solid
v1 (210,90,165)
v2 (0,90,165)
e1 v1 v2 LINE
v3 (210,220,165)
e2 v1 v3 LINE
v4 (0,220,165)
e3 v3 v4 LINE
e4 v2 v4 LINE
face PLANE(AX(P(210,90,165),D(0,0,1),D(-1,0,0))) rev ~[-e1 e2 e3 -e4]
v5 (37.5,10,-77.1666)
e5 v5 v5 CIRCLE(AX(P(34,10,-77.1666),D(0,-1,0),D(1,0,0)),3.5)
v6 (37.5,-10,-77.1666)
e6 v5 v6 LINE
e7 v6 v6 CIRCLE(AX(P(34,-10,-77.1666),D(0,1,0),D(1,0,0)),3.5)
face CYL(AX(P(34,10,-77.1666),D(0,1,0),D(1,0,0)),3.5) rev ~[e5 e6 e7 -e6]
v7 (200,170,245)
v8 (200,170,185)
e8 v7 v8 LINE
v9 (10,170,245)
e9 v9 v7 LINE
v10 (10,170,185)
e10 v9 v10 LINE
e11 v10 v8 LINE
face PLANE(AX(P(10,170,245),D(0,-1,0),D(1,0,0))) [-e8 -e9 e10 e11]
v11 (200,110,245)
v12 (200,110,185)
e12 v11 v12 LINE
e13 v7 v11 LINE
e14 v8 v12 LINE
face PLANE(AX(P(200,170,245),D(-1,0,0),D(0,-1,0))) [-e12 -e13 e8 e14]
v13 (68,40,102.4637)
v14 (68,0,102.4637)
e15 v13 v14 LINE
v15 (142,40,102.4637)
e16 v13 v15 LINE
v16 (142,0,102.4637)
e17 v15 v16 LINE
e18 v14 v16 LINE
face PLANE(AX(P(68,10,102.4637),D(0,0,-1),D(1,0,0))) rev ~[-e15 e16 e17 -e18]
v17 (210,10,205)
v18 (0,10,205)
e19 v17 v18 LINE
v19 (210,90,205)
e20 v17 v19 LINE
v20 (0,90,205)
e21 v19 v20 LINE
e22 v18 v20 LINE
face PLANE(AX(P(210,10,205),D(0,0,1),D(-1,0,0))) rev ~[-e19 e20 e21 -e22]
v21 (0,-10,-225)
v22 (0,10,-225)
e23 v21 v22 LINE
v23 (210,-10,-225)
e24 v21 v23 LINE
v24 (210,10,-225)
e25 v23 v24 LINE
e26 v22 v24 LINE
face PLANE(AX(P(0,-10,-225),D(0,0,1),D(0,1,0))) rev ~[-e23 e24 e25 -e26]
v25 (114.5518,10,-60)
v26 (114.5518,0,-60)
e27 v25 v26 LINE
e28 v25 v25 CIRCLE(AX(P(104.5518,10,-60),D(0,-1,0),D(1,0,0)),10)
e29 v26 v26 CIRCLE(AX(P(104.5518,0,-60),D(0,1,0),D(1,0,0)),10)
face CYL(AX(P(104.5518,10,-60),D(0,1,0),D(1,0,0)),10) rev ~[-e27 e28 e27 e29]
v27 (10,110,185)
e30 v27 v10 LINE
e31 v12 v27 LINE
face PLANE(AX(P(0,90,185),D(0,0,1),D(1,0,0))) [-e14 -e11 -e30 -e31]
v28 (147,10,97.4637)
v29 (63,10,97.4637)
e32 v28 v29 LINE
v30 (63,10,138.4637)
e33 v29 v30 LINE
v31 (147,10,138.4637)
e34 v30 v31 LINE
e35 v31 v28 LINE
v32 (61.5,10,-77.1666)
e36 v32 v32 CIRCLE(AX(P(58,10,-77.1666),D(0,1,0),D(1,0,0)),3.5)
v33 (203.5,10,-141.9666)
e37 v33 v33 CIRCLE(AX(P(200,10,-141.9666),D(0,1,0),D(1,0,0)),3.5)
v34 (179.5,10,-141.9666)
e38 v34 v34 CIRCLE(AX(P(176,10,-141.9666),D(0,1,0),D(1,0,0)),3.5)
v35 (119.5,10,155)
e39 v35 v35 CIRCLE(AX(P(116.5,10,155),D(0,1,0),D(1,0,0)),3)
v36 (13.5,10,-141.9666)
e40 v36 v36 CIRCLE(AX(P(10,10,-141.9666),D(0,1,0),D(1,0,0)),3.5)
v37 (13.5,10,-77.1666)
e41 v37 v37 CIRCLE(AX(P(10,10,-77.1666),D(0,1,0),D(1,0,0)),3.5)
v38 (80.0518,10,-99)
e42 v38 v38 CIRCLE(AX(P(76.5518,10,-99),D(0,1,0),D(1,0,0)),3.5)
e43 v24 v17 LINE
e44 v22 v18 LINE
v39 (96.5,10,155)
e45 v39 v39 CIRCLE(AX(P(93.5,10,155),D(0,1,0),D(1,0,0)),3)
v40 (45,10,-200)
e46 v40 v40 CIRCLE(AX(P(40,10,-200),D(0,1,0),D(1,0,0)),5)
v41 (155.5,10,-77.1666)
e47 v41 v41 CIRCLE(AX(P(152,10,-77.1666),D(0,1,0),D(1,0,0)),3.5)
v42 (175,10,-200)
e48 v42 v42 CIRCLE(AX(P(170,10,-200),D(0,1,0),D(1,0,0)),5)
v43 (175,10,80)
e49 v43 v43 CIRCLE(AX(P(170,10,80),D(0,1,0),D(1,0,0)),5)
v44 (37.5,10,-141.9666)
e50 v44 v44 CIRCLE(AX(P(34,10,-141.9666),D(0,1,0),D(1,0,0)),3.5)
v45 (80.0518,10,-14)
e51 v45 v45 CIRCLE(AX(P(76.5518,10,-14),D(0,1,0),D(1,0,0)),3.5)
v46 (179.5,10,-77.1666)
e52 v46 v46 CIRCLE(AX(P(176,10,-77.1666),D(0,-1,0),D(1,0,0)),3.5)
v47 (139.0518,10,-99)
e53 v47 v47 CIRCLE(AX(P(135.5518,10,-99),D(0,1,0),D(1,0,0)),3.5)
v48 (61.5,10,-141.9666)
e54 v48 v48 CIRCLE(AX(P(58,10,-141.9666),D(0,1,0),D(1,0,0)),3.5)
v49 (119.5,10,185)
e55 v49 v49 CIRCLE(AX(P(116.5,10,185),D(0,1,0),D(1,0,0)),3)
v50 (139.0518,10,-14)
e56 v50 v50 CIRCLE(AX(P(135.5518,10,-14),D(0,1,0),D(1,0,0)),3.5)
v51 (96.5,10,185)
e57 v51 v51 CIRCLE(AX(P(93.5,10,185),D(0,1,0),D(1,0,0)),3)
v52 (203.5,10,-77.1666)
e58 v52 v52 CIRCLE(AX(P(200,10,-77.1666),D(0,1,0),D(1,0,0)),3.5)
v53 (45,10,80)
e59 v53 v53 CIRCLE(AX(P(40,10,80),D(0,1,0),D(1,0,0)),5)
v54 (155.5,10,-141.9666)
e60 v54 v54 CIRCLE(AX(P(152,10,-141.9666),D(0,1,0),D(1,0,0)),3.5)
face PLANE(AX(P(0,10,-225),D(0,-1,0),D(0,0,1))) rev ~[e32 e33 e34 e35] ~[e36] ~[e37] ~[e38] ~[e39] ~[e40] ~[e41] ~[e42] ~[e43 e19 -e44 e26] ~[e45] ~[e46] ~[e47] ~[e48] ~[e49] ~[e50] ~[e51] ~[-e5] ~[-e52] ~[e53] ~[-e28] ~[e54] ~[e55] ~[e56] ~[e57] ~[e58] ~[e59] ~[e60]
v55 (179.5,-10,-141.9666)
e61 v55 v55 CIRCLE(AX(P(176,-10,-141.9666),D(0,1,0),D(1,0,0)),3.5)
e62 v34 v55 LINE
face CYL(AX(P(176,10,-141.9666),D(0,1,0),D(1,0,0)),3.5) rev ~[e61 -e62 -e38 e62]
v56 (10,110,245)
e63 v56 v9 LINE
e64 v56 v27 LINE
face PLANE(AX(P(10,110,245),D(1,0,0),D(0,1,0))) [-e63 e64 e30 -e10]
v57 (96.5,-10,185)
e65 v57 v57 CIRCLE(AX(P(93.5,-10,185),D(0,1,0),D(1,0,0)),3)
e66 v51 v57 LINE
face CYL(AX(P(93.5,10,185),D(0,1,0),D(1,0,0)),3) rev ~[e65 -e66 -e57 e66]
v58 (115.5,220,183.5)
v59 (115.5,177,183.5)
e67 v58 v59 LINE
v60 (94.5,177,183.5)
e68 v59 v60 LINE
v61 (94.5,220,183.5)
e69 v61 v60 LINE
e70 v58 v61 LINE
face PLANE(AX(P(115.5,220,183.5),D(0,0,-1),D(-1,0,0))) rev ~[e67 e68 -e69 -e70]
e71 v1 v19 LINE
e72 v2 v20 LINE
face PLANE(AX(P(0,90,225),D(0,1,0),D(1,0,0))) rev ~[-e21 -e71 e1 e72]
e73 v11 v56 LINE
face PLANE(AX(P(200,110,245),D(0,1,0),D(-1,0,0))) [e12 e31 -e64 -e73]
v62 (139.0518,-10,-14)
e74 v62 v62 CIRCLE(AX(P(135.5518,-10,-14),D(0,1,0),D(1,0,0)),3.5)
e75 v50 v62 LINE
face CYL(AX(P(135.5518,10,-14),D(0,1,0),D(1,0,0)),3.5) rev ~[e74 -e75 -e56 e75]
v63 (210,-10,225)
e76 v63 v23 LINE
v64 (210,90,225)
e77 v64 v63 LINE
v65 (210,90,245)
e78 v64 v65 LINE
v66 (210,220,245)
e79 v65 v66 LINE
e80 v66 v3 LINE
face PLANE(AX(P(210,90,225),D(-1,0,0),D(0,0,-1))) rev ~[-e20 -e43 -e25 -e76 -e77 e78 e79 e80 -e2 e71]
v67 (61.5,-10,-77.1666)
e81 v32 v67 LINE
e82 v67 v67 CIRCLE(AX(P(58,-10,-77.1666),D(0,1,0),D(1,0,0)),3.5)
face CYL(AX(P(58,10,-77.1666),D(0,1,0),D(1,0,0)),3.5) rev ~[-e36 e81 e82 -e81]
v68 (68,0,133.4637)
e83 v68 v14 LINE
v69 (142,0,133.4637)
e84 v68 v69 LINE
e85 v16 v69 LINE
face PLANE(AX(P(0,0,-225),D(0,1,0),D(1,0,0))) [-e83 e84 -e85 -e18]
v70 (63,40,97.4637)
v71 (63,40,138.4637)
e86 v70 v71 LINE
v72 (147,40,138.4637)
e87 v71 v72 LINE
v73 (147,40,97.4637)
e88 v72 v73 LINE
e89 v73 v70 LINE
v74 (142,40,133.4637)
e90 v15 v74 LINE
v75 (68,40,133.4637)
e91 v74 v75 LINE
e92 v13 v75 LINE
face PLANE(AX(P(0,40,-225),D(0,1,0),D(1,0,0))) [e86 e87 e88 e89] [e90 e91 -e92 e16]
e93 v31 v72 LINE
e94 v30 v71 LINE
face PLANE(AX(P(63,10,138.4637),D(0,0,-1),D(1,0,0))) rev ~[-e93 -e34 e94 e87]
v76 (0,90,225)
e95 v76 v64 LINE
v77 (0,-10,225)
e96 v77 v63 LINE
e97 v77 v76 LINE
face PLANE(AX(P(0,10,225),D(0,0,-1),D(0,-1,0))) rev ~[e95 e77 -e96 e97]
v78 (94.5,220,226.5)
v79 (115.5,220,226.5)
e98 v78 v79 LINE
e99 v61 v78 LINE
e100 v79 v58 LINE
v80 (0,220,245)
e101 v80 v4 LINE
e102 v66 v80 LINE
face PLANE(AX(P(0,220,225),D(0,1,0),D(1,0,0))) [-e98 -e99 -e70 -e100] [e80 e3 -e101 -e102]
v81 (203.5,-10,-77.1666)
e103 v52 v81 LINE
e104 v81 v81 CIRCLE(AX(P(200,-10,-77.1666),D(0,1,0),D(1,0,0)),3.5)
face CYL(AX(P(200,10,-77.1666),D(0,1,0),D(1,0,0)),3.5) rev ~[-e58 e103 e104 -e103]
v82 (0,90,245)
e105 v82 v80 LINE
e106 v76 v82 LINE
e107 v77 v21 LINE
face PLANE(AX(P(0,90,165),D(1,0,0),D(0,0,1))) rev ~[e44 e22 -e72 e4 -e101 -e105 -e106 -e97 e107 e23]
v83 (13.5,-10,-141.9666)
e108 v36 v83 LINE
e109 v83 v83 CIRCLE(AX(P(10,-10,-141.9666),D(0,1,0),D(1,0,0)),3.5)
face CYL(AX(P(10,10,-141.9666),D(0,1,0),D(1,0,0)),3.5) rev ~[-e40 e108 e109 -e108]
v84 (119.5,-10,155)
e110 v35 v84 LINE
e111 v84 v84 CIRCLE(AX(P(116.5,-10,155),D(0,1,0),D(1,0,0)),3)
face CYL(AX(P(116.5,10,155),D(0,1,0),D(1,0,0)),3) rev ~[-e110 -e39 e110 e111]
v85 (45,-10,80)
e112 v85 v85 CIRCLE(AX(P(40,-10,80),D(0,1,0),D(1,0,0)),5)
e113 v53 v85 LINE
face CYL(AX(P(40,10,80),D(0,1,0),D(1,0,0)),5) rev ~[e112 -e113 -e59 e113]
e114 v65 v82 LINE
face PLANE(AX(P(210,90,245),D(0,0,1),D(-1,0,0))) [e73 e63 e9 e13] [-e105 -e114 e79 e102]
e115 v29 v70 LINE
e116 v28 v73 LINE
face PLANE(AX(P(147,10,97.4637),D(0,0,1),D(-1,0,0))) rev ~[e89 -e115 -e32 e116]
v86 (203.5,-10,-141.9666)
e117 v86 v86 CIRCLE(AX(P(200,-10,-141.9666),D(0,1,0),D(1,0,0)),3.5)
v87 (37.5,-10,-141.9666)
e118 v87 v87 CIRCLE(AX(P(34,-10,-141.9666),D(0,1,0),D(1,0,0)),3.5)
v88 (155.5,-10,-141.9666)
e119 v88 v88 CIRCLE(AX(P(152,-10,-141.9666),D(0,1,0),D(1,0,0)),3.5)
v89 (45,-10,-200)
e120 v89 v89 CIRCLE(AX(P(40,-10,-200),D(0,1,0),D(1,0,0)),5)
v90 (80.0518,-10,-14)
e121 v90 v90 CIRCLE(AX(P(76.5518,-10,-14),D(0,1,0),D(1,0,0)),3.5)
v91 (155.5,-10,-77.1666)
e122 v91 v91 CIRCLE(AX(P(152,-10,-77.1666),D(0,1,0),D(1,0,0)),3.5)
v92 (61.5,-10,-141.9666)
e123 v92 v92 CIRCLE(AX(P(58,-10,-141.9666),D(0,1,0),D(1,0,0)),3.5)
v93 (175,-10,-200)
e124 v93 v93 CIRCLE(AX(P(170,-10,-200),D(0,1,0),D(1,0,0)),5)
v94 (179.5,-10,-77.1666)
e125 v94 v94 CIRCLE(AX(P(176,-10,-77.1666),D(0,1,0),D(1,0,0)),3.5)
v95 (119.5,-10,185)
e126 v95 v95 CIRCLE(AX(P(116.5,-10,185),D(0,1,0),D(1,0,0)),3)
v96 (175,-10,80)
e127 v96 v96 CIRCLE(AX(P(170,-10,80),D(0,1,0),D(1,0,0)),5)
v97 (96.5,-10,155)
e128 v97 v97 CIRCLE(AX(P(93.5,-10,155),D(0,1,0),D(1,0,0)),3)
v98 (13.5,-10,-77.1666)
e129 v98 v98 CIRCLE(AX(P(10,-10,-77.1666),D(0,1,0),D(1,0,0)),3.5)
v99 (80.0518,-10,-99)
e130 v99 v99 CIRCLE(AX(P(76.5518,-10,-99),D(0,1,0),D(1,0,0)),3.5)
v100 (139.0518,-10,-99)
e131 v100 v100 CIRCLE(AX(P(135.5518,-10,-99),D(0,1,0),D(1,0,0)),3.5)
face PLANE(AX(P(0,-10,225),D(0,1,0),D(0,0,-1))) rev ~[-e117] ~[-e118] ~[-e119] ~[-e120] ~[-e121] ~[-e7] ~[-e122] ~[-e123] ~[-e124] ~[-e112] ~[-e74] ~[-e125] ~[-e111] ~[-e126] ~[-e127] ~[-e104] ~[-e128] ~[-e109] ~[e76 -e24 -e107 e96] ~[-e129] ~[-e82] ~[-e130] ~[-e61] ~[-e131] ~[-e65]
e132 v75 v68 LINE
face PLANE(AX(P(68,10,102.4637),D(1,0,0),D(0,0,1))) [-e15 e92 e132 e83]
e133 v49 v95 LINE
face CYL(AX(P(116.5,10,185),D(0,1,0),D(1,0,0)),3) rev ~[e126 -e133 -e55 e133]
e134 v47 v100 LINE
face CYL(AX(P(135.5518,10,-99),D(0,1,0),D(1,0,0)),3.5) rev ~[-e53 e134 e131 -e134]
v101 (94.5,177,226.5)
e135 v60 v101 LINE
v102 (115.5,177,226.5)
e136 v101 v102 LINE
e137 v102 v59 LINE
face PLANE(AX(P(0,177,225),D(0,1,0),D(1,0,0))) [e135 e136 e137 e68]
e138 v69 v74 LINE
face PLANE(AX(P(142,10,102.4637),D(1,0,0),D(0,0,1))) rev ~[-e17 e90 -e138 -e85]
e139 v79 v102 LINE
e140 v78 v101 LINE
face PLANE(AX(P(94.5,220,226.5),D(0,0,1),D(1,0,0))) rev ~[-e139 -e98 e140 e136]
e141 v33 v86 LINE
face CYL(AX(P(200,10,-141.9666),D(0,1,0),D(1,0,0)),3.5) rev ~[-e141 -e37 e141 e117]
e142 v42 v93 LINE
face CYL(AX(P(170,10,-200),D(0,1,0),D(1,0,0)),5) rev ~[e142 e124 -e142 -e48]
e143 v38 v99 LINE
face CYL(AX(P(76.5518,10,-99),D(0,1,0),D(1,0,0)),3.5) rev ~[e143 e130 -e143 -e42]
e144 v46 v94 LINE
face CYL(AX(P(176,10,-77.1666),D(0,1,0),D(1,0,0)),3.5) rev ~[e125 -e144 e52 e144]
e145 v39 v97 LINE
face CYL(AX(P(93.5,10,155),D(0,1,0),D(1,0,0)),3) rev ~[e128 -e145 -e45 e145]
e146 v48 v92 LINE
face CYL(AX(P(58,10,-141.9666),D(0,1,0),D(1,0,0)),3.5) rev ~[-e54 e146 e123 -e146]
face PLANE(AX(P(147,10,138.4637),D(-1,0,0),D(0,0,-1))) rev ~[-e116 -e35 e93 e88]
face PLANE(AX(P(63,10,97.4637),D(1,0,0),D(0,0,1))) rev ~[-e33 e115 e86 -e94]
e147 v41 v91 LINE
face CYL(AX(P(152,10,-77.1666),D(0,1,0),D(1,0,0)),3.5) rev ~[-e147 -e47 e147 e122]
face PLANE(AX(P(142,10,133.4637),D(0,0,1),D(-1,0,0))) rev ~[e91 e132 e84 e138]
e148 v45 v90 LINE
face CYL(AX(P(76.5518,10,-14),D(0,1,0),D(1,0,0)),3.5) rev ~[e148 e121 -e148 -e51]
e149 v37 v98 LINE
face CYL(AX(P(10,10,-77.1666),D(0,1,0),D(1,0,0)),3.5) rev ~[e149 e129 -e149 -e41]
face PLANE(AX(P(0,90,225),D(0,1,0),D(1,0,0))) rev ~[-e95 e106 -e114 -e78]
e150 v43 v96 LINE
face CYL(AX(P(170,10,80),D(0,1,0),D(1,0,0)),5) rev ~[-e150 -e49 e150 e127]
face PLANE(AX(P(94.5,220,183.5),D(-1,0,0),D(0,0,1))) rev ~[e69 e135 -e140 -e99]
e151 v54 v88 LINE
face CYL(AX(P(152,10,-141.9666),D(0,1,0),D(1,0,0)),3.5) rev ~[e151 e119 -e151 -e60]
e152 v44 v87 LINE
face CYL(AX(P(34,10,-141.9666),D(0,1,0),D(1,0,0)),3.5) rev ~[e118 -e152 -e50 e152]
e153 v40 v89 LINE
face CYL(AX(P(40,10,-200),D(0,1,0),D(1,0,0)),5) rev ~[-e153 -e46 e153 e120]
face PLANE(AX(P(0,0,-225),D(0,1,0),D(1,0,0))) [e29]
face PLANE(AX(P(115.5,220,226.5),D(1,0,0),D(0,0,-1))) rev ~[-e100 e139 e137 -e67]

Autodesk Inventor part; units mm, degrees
ref_plane "YZ Plane" through (0, 0, 0) normal (1, 0, 0) x (0, 1, 0)
ref_plane "XZ Plane" through (0, 0, 0) normal (0, 1, 0) x (-1, 0, 0)
ref_plane "XY Plane" through (0, 0, 0) normal (0, 0, 1) x (1, 0, 0)
sketch "Boceto1" plane through (0, 0, 0) normal (1, 0, 0) x (0, 1, 0)
  line L0 (10, 225) -> (-10, 225)
  line L1 (-10, 225) -> (-10, -225)
  line L2 (-10, -225) -> (10, -225)
  line L3 (10, -225) -> (10, 225)
  line L4 (10, 225) -> (-10, -225) construction
  line L5 (-10, 225) -> (10, -225) construction
  point P0 (0, 0)
  dimension "d0" = 20
  dimension "d1" = 450
extrude "Extrusión1" add sketch "Boceto1" along normal blind 210
sketch "Boceto2" plane through (0, 10, 225) normal (0, 1, 0) x (1, 0, 0)
  line L0 (0, 0) -> (0, 450) projected
  line L1 (210, 0) -> (210, 450) projected
  line L2 (0, 0) -> (210, 0)
  line L3 (210, 0) -> (210, 20)
  line L4 (210, 20) -> (0, 20)
  line L5 (0, 20) -> (0, 0)
  point P0 (0, 225)
  dimension "d4" = 20
extrude "Extrusión2" add sketch "Boceto2" along normal blind 80
sketch "Boceto3" plane through (0, 90, 225) normal (0, 1, 0) x (1, 0, 0)
  line L0 (0, 0) -> (210, 0) projected
  line L1 (0, 0) -> (210, 0)
  line L2 (210, 0) -> (210, -20)
  line L3 (210, -20) -> (0, -20)
  line L4 (0, -20) -> (0, 0)
  line L5 (0, 0) -> (210, 0)
  line L6 (210, 0) -> (210, 60)
  line L7 (210, 60) -> (0, 60)
  line L8 (0, 60) -> (0, 0)
  point P0 (0, 225)
  dimension "d7" = 20
  dimension "d8" = 210
  dimension "d9" = 60
extrude "Extrusión3" add sketch "Boceto3" along normal blind 130
sketch "Boceto4" plane through (0, 90, 245) normal (0, 0, 1) x (1, 0, 0)
  line L0 (10, 80) -> (200, 80)
  line L1 (200, 80) -> (200, 20)
  line L2 (200, 20) -> (10, 20)
  line L3 (10, 20) -> (10, 80)
  point P0 (0, -90)
  point P1 (0, 130)
  point P2 (210, 0)
  dimension "d12" = 190
  dimension "d13" = 60
extrude "Extrusión4" cut sketch "Boceto4" against normal blind 60
sketch "Boceto5" plane through (0, 220, 225) normal (0, 1, 0) x (1, 0, 0)
  line L0 (94.5, -1.5) -> (115.5, -1.5)
  line L1 (115.5, -1.5) -> (115.5, 41.5)
  line L2 (115.5, 41.5) -> (94.5, 41.5)
  line L3 (94.5, 41.5) -> (94.5, -1.5)
  line L4 (94.5, -1.5) -> (115.5, 41.5) construction
  line L5 (115.5, -1.5) -> (94.5, 41.5) construction
  point P0 (0, 225)
  point P1 (105, 20)
  dimension "d18" = 21
  dimension "d19" = 43
extrude "Extrusión5" cut sketch "Boceto5" against normal blind 43
sketch "Boceto6" plane through (0, 10, -225) normal (0, 1, 0) x (1, 0, 0)
  circle A0 centre (40, -305) radius 5
  circle A1 centre (40, -25) radius 5
  circle A2 centre (170, -305) radius 5
  circle A3 centre (170, -25) radius 5
  line L0 (0, -470) -> (210, -470) projected
  line L1 (0, 0) -> (210, 0) projected
  line L2 (0, 0) -> (0, -430) projected
  line L3 (210, 0) -> (210, -430) projected
  point P0 (0, -225)
  dimension "d23" = 10
  dimension "d24" = 10
  dimension "d25" = 10
  dimension "d26" = 10
  dimension "d27" = 165
  dimension "d28" = 25
  dimension "d29" = 25
  dimension "d30" = 165
  dimension "d31" = 40
  dimension "d32" = 40
  dimension "d33" = 40
  dimension "d34" = 40
extrude "Extrusión6" cut sketch "Boceto6" against normal blind 43
sketch "Boceto7" plane through (0, 10, -225) normal (0, 1, 0) x (1, 0, 0)
  line L0 (0, 0) -> (210, 0) projected
  line L1 (0, 0) -> (210, 0)
  line L2 (210, 0) -> (105, 0)
  line L3 (210, -390) -> (0, -390) projected
  line L4 (105, -390) -> (105, 0)
  circle A0 centre (40, -305) radius 5 projected
  circle A1 centre (40, -25) radius 5 projected
  line L5 (40, -305) -> (40, -25)
  line L6 (40, -165) -> (169.1036, -165)
  circle A2 centre (104.5518, -165) radius 10
  point P0 (0, -225)
  dimension "d44" = 20
extrude "Extrusión7" cut sketch "Boceto7" against normal blind 10 contours A2 L6 L4 | L4 L6 A2 | L6 A2 L4 | L4 A2 L6
sketch "Boceto8" plane through (0, 10, -225) normal (0, 1, 0) x (1, 0, 0)
  circle A0 centre (104.5518, -165) radius 10 projected
  circle A1 centre (135.5518, -211) radius 3.5
  line L0 (104.5518, -165) -> (126.1125, -165)
  circle A2 centre (135.5518, -126) radius 3.5
  circle A3 centre (76.5518, -126) radius 3.5
  circle A4 centre (76.5518, -211) radius 3.5
  point P0 (0, -225)
  dimension "d51" = 7
  dimension "d52" = 7
  dimension "d54" = 7
extrude "Extrusión8" cut sketch "Boceto8" against normal blind 20 contours A1 | A2 | A3 | A4
sketch "Boceto9" plane through (0, 10, -225) normal (0, 1, 0) x (1, 0, 0)
  line L0 (0, -430) -> (210, -430) projected
  line L1 (0, -430) -> (210, -430)
  circle A0 centre (93.5, -410) radius 3
  line L2 (210, -430) -> (0, -430)
  circle A1 centre (116.5, -410) radius 3
  circle A2 centre (93.5, -380) radius 3
  circle A3 centre (116.5, -380) radius 3
  point P0 (0, -225)
  dimension "d59" = 20
  dimension "d64" = 20
  dimension "d65" = 30
  dimension "d66" = 30
extrude "Extrusión9" cut sketch "Boceto9" against normal blind 20
sketch "Boceto10" plane through (0, 10, -225) normal (0, 1, 0) x (1, 0, 0)
  line L0 (0, -430) -> (210, -430) projected
  line L1 (68, -358.4637) -> (142, -358.4637)
  line L2 (142, -358.4637) -> (68, -358.4637)
  line L3 (68, -358.4637) -> (68, -327.4637)
  line L4 (68, -327.4637) -> (142, -327.4637)
  line L5 (142, -327.4637) -> (142, -358.4637)
  line L6 (68, -358.4637) -> (142, -327.4637)
  line L7 (68, -327.4637) -> (142, -358.4637)
  line L8 (63, -363.4637) -> (147, -363.4637)
  line L9 (147, -363.4637) -> (147, -322.4637)
  line L10 (147, -322.4637) -> (63, -322.4637)
  line L11 (63, -322.4637) -> (63, -363.4637)
  line L12 (63, -363.4637) -> (147, -322.4637) construction
  line L13 (147, -363.4637) -> (63, -322.4637) construction
  point P0 (0, -225)
  point P1 (105, -342.9637)
  dimension "d68" = 74
  dimension "d69" = 31
  dimension "d70" = 84
  dimension "d71" = 41
extrude "Extrusión10" cut sketch "Boceto10" against normal blind 10 contours L6 L7 L1 | L3 L7 L6 | L7 L6 L5 | L4 L6 L7
sketch "Boceto11" plane through (0, 10, -225) normal (0, 1, 0) x (1, 0, 0)
  line L0 (142, -358.4637) -> (68, -358.4637) projected
  line L1 (68, -358.4637) -> (142, -327.4637)
  line L2 (68, -327.4637) -> (142, -327.4637) projected
  line L3 (142, -327.4637) -> (68, -327.4637)
  line L4 (142, -327.4637) -> (142, -358.4637) projected
  line L5 (68, -327.4637) -> (142, -358.4637)
  line L6 (63, -363.4637) -> (147, -363.4637)
  line L7 (147, -363.4637) -> (147, -322.4637)
  line L8 (147, -322.4637) -> (63, -322.4637)
  line L9 (63, -322.4637) -> (63, -363.4637)
  line L10 (63, -363.4637) -> (147, -322.4637) construction
  line L11 (147, -363.4637) -> (63, -322.4637) construction
  line L12 (68, -358.4637) -> (142, -358.4637)
  line L13 (142, -358.4637) -> (142, -327.4637)
  line L14 (142, -327.4637) -> (68, -327.4637)
  line L15 (68, -327.4637) -> (68, -358.4637)
  line L16 (68, -358.4637) -> (142, -327.4637) construction
  line L17 (142, -358.4637) -> (68, -327.4637) construction
  point P0 (0, -225)
  point P1 (105, -342.9637)
  dimension "d74" = 84
  dimension "d75" = 41
extrude "Extrusión11" add sketch "Boceto11" along normal blind 30
sketch "Boceto12" plane through (0, 10, -225) normal (0, 1, 0) x (1, 0, 0)
  circle A0 centre (10, -147.8334) radius 3.5
  line L0 (0, -155.4334) -> (68, -155.4334)
  line L1 (68, -155.4334) -> (68, -75.4334)
  line L2 (68, -75.4334) -> (0, -75.4334)
  line L3 (0, -75.4334) -> (0, -155.4334)
  line L4 (34, -155.4334) -> (34, -124.7606)
  circle A1 centre (34, -147.8334) radius 3.5
  circle A2 centre (58, -147.8334) radius 3.5
  line L5 (68, -115.4334) -> (56.8167, -115.4334)
  circle A3 centre (10, -83.0334) radius 3.5
  circle A4 centre (34, -83.0334) radius 3.5
  circle A5 centre (58, -83.0334) radius 3.5
  line L6 (0, 0) -> (210, 0) projected
  line L7 (105, 0) -> (105, -79.7219)
  circle A6 centre (200, -147.8334) radius 3.5
  line L8 (210, -155.4334) -> (142, -155.4334)
  line L9 (142, -155.4334) -> (142, -75.4334)
  line L10 (142, -75.4334) -> (210, -75.4334)
  line L11 (210, -75.4334) -> (210, -155.4334)
  line L12 (176, -155.4334) -> (176, -124.7606)
  circle A7 centre (176, -147.8334) radius 3.5
  circle A8 centre (152, -147.8334) radius 3.5
  line L13 (142, -115.4334) -> (153.1833, -115.4334)
  circle A9 centre (152, -83.0334) radius 3.5
  circle A10 centre (176, -83.0334) radius 3.5
  circle A11 centre (200, -83.0334) radius 3.5
  point P0 (0, -225)
  point P1 (210, -225)
  dimension "d78" = 7
  dimension "d79" = 68
  dimension "d80" = 80
  dimension "d81" = 7.6
  dimension "d82" = 10
  dimension "d83" = 7
extrude "Extrusión12" cut sketch "Boceto12" against normal blind 30 contours A0 | A1 L4 | L4 A1 | A2 | A3 | A4 | A5 | A6 | A7 L12 | L12 A7 | A8 | A9 | A10 | A11
sketch "Boceto13" plane through (0, 10, -225) normal (0, 1, 0) x (1, 0, 0)
  line L0 (0, 0) -> (0, -430) projected
  line L1 (0, -180) -> (209.4793, -180)
  line L2 (0, 0) -> (210, 0) projected
  line L3 (0, -450) -> (0, 0) projected
  line L4 (0, -270) -> (210, -270)
  line L5 (210, -450) -> (210, 0) projected
  line L6 (210, -430) -> (0, -430) projected
  line L7 (0, -450) -> (210, -450) projected
  point P0 (0, -225)
  dimension "d103" = 180
  dimension "d110" = 180
split_face "Dividir1"
properties part number "base"
